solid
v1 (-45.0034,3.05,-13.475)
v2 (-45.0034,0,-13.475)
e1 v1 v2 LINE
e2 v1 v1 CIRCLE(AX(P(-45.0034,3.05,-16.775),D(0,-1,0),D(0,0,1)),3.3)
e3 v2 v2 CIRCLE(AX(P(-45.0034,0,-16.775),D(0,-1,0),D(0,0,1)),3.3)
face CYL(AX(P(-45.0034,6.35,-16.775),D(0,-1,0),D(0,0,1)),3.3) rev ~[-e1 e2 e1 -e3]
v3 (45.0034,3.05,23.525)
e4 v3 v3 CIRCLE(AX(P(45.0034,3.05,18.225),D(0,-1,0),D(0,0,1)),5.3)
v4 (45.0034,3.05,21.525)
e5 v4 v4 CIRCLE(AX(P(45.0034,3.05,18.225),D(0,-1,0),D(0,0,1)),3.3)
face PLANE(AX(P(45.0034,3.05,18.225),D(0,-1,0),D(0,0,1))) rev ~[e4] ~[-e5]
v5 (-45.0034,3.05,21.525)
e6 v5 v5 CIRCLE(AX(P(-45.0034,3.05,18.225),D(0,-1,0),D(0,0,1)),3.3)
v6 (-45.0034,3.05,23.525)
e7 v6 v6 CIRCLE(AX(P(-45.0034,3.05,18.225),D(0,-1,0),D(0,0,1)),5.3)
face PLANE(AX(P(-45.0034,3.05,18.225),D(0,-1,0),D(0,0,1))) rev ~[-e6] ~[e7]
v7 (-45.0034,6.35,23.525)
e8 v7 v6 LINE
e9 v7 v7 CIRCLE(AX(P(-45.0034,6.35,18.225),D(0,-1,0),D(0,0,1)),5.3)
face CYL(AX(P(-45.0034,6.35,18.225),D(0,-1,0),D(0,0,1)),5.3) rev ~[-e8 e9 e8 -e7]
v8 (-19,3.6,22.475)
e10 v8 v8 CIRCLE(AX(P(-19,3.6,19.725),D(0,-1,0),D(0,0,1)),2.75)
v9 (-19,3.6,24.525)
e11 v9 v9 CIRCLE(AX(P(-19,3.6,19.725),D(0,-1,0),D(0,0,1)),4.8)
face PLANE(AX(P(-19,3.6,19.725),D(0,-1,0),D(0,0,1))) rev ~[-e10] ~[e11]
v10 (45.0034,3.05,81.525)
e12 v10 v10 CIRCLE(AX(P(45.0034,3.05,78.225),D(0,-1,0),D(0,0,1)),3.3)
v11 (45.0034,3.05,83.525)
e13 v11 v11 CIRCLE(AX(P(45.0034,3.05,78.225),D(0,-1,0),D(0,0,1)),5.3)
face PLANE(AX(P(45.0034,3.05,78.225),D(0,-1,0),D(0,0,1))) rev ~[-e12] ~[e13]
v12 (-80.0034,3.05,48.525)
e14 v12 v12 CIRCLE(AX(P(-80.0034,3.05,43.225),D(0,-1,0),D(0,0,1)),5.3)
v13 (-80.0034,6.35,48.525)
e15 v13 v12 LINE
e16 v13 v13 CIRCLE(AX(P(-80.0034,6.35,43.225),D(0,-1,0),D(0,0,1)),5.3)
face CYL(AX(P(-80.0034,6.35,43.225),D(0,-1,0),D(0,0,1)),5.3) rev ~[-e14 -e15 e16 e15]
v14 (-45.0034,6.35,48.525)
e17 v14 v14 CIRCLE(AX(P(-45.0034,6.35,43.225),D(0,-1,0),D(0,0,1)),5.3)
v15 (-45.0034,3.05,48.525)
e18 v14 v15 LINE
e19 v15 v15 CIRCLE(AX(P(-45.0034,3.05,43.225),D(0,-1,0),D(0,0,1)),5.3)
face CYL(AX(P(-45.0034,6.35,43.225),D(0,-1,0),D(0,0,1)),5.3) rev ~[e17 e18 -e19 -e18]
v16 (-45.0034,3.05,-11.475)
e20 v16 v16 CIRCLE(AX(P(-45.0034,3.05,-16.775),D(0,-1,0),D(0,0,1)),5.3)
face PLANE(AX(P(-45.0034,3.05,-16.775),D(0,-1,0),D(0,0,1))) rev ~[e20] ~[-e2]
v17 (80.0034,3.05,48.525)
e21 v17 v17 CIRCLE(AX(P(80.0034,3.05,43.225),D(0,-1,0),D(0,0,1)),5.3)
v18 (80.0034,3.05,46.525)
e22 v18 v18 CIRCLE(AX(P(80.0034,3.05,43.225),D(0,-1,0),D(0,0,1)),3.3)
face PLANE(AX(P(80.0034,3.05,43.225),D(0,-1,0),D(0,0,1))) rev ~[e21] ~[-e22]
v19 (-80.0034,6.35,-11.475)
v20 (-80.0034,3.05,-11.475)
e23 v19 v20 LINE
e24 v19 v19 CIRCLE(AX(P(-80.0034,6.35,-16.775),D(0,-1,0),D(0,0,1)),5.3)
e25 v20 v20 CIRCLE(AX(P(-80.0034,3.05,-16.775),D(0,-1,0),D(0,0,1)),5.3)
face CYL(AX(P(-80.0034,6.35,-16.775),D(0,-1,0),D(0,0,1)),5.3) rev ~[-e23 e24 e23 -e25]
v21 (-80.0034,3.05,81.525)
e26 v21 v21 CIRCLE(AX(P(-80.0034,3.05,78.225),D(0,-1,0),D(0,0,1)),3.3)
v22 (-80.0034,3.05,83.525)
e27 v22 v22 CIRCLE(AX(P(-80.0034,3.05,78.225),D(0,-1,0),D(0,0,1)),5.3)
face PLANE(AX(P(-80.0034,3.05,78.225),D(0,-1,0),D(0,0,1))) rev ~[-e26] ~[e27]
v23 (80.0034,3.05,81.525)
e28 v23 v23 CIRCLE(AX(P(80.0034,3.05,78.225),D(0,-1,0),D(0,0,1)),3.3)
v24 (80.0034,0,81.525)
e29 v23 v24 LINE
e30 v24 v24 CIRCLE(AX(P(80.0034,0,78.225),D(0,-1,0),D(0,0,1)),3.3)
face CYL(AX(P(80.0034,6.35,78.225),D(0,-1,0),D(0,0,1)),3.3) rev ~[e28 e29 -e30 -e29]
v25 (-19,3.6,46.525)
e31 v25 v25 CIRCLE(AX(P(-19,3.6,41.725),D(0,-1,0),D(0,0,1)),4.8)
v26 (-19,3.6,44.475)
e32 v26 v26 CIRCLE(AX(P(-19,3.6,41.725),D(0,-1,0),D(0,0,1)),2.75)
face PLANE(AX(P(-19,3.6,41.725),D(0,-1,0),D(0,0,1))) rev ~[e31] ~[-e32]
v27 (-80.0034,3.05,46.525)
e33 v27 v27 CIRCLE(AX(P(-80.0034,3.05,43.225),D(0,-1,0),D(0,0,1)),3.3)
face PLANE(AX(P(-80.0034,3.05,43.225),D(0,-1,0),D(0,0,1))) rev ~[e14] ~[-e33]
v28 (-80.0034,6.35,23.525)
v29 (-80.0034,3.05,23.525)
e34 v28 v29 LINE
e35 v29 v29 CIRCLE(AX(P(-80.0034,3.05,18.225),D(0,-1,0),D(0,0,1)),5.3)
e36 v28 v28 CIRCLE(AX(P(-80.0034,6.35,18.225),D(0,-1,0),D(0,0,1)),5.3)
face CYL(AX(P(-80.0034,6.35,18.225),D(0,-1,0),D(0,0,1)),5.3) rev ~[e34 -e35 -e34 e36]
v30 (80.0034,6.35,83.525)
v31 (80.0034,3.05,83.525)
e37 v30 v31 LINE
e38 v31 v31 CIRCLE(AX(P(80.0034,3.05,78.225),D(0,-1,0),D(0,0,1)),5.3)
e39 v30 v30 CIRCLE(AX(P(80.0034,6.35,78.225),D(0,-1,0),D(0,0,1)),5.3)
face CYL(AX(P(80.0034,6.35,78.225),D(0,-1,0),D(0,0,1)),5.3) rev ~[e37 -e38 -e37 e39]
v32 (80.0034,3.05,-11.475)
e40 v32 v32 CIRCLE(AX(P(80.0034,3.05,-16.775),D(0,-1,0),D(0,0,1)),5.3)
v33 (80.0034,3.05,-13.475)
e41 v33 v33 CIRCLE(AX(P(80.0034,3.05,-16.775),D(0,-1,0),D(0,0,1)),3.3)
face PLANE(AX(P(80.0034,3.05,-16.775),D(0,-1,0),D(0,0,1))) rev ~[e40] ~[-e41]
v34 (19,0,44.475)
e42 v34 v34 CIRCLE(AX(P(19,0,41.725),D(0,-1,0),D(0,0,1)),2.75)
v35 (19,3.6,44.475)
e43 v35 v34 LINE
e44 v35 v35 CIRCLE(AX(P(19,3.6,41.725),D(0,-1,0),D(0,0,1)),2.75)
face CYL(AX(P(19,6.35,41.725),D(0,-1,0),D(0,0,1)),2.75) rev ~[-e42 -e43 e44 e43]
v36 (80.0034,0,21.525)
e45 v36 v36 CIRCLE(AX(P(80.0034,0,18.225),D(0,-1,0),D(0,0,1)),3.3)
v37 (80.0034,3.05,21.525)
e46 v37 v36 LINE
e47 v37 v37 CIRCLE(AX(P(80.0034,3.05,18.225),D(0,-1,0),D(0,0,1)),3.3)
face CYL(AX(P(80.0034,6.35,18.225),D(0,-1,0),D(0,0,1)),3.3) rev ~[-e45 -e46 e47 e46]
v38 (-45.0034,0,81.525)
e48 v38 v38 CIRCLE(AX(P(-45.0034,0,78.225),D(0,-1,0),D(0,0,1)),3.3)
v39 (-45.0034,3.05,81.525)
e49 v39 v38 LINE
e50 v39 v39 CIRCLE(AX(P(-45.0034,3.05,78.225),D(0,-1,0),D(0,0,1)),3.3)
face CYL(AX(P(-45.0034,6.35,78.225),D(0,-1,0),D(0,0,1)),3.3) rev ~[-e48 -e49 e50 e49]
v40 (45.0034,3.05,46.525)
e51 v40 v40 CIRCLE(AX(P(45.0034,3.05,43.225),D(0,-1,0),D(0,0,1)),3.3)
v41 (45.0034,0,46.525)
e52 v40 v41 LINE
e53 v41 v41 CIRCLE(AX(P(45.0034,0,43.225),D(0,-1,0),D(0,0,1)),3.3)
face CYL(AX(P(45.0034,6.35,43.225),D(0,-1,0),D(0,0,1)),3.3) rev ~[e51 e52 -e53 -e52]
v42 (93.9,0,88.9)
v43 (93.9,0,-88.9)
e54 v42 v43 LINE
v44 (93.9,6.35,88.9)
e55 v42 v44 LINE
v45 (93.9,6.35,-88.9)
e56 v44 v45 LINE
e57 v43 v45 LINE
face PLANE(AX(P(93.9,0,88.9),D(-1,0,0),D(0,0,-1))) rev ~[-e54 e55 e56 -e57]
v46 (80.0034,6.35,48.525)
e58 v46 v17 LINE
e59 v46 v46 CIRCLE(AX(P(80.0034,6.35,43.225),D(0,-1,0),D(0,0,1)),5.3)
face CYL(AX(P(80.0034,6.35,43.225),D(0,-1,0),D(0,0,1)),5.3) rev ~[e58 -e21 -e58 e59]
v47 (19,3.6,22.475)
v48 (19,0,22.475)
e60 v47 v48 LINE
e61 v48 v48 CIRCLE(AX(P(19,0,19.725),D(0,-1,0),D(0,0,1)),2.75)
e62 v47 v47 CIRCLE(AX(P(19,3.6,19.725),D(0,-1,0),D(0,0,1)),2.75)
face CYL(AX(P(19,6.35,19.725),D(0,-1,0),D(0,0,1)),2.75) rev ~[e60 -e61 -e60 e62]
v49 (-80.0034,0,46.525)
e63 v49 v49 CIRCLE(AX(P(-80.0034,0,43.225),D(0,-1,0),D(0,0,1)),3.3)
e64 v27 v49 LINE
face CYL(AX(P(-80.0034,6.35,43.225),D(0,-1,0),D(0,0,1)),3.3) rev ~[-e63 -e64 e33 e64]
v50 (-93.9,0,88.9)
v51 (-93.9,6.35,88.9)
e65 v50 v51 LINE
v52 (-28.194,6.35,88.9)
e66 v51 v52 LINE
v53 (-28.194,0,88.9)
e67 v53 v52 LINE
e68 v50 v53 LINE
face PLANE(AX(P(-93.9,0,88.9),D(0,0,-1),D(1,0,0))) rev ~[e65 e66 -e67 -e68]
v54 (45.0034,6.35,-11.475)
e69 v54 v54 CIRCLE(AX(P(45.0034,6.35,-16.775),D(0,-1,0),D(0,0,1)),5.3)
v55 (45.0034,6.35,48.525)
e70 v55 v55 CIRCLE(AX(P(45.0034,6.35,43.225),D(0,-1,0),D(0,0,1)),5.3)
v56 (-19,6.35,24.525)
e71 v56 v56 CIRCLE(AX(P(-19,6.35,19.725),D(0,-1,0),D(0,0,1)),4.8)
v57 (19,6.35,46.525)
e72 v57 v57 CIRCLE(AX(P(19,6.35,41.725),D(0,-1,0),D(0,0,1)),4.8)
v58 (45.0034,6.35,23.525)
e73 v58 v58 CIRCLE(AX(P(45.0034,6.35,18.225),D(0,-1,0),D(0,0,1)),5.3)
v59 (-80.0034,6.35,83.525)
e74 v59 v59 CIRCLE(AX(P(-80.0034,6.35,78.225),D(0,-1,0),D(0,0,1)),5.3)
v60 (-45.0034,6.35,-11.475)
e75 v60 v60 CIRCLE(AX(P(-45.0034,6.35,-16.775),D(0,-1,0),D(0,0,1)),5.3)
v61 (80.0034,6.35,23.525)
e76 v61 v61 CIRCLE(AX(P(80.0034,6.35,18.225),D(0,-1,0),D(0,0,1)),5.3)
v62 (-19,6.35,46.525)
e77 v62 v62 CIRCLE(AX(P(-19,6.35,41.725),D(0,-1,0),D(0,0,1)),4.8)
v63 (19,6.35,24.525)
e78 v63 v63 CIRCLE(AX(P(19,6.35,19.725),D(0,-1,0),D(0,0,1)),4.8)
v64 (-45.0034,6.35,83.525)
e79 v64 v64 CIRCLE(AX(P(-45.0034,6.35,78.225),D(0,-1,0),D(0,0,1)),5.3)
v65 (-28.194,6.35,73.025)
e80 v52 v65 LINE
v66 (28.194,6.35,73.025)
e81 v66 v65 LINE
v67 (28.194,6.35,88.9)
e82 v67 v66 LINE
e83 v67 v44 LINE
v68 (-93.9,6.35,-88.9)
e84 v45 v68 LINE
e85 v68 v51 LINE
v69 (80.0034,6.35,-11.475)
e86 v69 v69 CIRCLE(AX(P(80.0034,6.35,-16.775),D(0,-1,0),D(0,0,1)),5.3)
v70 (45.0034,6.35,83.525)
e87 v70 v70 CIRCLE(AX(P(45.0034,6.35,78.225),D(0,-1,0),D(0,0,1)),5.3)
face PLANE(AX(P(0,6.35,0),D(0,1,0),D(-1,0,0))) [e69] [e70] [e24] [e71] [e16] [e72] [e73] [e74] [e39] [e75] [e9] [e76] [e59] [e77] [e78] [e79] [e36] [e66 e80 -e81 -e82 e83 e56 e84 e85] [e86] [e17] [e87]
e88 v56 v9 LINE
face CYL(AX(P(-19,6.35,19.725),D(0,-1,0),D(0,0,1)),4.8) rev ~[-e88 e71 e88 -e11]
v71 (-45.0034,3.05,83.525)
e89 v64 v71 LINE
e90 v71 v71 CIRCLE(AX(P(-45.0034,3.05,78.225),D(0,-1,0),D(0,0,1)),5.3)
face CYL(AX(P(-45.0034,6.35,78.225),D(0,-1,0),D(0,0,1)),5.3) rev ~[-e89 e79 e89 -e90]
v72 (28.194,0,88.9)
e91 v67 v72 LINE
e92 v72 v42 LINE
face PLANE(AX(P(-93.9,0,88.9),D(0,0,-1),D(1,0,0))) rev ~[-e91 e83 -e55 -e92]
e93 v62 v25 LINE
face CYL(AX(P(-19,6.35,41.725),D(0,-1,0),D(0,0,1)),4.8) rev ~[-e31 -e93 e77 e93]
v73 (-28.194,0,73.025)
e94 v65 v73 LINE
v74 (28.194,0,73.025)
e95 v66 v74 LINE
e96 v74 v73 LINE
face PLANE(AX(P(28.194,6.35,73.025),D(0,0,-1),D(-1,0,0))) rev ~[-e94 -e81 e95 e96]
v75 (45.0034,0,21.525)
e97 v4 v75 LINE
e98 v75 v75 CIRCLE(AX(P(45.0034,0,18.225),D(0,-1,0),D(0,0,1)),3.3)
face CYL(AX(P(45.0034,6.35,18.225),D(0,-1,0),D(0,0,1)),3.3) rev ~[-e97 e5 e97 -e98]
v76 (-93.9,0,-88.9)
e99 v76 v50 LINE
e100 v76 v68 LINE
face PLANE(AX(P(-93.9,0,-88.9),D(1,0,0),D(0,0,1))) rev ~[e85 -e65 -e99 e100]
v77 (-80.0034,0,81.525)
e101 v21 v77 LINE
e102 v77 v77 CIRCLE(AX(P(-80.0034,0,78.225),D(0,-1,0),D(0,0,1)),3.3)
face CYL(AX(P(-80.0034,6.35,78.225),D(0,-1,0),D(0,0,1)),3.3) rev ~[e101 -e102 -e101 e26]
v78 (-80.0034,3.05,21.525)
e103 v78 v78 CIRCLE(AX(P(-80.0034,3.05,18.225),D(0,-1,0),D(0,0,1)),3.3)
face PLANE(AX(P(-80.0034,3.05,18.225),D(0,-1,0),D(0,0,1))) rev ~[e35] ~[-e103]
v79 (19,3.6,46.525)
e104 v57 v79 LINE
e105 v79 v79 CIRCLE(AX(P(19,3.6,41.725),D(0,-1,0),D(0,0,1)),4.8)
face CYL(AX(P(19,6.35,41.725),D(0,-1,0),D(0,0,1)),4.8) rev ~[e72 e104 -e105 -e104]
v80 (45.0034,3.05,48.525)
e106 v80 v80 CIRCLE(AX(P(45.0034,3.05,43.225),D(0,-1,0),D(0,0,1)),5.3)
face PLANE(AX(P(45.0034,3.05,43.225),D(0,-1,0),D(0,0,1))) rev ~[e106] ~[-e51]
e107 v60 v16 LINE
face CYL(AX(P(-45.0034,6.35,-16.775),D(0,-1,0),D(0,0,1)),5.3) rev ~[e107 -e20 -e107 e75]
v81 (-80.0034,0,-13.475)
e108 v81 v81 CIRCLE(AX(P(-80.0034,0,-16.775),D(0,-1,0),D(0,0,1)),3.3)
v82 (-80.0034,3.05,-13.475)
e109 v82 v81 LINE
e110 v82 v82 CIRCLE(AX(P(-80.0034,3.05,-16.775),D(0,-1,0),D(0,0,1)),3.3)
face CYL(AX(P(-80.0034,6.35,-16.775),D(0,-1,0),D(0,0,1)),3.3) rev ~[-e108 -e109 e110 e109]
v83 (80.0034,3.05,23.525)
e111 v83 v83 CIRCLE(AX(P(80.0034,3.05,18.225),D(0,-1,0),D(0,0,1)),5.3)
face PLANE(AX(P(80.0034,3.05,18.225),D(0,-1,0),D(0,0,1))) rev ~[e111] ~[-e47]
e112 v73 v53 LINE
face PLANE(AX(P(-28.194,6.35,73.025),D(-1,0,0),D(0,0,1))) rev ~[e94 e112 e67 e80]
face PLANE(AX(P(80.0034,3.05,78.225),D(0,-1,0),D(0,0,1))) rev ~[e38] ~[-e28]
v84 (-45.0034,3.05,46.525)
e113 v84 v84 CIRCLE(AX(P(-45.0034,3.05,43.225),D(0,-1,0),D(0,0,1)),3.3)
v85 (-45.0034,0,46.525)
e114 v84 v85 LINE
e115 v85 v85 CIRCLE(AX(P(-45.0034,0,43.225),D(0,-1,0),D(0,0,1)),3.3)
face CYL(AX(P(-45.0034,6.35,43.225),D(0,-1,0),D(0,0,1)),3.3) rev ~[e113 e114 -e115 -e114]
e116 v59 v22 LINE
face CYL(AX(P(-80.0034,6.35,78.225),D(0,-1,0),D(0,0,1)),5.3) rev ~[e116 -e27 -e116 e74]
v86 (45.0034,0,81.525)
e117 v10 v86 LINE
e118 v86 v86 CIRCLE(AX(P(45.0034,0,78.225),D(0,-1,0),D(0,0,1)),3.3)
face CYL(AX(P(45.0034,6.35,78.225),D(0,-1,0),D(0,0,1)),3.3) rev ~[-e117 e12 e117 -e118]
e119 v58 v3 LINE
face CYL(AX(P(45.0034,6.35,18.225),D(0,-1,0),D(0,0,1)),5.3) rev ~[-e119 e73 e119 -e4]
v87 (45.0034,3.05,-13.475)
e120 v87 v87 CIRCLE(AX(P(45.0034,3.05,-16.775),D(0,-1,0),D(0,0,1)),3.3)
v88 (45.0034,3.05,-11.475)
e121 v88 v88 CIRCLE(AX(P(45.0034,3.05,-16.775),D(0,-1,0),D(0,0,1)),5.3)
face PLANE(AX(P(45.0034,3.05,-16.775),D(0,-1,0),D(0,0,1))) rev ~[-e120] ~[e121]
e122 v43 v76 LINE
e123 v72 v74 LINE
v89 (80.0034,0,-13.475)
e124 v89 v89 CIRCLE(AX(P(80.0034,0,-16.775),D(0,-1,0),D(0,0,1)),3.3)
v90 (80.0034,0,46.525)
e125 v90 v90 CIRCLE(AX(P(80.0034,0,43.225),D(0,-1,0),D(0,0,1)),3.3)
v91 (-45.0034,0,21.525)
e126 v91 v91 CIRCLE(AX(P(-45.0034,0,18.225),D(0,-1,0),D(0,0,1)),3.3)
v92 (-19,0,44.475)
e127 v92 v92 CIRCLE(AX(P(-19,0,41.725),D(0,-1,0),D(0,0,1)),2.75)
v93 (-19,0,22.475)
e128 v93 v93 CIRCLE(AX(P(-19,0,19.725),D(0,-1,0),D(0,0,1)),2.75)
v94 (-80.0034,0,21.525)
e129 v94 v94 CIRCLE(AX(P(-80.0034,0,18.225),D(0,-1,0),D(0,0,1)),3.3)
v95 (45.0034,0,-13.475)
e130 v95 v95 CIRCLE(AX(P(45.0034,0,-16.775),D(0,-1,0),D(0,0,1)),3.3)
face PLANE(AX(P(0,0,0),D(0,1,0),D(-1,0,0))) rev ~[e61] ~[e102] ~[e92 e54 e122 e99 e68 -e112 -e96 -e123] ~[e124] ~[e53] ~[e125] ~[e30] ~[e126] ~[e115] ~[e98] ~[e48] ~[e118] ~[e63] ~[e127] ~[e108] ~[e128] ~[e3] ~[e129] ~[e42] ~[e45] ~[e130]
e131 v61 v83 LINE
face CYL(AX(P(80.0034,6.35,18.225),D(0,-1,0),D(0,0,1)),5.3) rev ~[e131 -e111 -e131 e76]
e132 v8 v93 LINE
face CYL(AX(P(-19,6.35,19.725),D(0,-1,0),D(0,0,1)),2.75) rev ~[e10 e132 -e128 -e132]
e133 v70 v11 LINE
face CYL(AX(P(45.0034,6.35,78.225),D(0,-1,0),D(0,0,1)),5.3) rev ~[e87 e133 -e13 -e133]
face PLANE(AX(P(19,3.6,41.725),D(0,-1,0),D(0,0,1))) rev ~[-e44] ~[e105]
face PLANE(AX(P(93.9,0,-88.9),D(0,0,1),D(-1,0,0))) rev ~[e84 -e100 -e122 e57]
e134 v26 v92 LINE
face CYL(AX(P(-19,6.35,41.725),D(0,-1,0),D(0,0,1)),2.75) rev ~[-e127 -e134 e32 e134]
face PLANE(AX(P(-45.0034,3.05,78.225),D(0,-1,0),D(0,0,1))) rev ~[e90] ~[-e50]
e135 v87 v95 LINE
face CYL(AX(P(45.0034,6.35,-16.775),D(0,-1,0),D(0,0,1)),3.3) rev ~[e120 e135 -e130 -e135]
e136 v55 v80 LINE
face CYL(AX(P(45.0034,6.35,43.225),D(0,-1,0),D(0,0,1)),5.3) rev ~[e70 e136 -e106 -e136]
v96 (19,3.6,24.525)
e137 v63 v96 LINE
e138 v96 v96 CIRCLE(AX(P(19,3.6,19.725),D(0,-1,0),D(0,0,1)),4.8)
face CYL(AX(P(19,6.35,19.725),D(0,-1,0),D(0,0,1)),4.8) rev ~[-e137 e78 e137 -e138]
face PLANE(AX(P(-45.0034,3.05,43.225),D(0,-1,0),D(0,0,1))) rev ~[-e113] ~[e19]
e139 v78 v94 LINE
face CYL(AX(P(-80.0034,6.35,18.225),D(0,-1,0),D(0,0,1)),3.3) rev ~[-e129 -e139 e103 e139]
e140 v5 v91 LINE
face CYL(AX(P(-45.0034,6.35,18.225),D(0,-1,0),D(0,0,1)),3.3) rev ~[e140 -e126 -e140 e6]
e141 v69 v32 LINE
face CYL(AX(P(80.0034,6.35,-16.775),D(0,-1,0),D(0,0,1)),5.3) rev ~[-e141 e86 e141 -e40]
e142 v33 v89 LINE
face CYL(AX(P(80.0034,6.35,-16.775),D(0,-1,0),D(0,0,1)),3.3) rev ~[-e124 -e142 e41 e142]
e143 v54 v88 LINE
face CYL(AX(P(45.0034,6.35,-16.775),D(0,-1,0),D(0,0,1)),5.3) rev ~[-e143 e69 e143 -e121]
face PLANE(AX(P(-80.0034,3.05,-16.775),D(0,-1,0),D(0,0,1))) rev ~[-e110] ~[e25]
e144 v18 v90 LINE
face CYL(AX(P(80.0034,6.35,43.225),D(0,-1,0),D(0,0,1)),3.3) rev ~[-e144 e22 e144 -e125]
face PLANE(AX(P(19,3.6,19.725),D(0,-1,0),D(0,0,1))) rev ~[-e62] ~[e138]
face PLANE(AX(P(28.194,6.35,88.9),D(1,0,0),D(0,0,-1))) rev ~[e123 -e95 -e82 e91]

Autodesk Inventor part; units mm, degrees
ref_plane "YZ Plane" through (0, 0, 0) normal (1, 0, 0) x (0, 1, 0)
ref_plane "XZ Plane" through (0, 0, 0) normal (0, 1, 0) x (-1, 0, 0)
ref_plane "XY Plane" through (0, 0, 0) normal (0, 0, 1) x (1, 0, 0)
sketch "Sketch1" plane through (0, 0, 0) normal (0, 1, 0) x (-1, 0, 0)
  line L0 (93.9, 88.9) -> (-93.9, 88.9)
  line L1 (-93.9, 88.9) -> (-93.9, -88.9)
  line L2 (-93.9, -88.9) -> (93.9, -88.9)
  line L3 (93.9, -88.9) -> (93.9, 88.9)
  line L4 (93.9, 88.9) -> (-93.9, -88.9) construction
  line L5 (-93.9, 88.9) -> (93.9, -88.9) construction
  point P0 (0, 0)
  dimension "d0" = 187.8
  dimension "d1" = 177.8
extrude "Extrusion1" add sketch "Sketch1" along normal blind 6.35
sketch "Sketch3" plane through (0, 6.35, 0) normal (0, 1, 0) x (1, 0, 0)
  line L0 (-93.9, 88.9) -> (-93.9, -88.9)
  line L1 (93.9, 88.9) -> (-93.9, 88.9)
  line L2 (-86.5034, 24.275) -> (-86.5034, -25.725) construction
  line L3 (-86.5034, -25.725) -> (-38.5034, -25.725) construction
  line L4 (-38.5034, -25.725) -> (-38.5034, 24.275) construction
  line L5 (-38.5034, 24.275) -> (-86.5034, 24.275) construction
  line L6 (38.5034, 24.275) -> (38.5034, -25.725) construction
  line L7 (38.5034, -25.725) -> (86.5034, -25.725) construction
  line L8 (86.5034, -25.725) -> (86.5034, 24.275) construction
  line L9 (86.5034, 24.275) -> (38.5034, 24.275) construction
  line L10 (-86.5034, -35.725) -> (-86.5034, -85.725) construction
  line L11 (-86.5034, -85.725) -> (-38.5034, -85.725) construction
  line L12 (-38.5034, -85.725) -> (-38.5034, -35.725) construction
  line L13 (-38.5034, -35.725) -> (-86.5034, -35.725) construction
  line L14 (38.5034, -35.725) -> (38.5034, -85.725) construction
  line L15 (38.5034, -85.725) -> (86.5034, -85.725) construction
  line L16 (86.5034, -85.725) -> (86.5034, -35.725) construction
  line L17 (86.5034, -35.725) -> (38.5034, -35.725) construction
  line L18 (-24, -13.225) -> (24, -13.225) construction
  line L19 (24, -13.225) -> (24, -48.225) construction
  line L20 (24, -48.225) -> (-24, -48.225) construction
  line L21 (-24, -48.225) -> (-24, -13.225) construction
  line L22 (93.9, -88.9) -> (93.9, 88.9) projected
  line L23 (-93.9, -88.9) -> (93.9, -88.9) projected
  point P0 (-133.35, 152.4)
  point P1 (-152.4, 133.35)
  point P2 (-152.4, -133.35)
  point P3 (133.35, 152.4)
  point P4 (0, -30.725)
  point P5 (-80.0034, 16.775)
  point P6 (-45.0034, 16.775)
  point P7 (-80.0034, -18.225)
  point P8 (-45.0034, -18.225)
  point P9 (45.0034, 16.775)
  point P10 (80.0034, 16.775)
  point P11 (45.0034, -18.225)
  point P12 (80.0034, -18.225)
  point P13 (-80.0034, -43.225)
  point P14 (-45.0034, -43.225)
  point P15 (-80.0034, -78.225)
  point P16 (-45.0034, -78.225)
  point P17 (45.0034, -43.225)
  point P18 (80.0034, -43.225)
  point P19 (45.0034, -78.225)
  point P20 (80.0034, -78.225)
  point P21 (0, -13.225)
  point P22 (62.5034, -30.725)
  point P23 (24, -30.725)
  point P24 (62.5034, 24.275)
  point P25 (-19, -19.725)
  point P26 (19, -19.725)
  point P27 (-19, -41.725)
  point P28 (19, -41.725)
  point P29 (-93.9, 88.9)
  dimension "d27" = 35
  dimension "d30" = 35
  dimension "d33" = 48
  dimension "d34" = 50
  dimension "d35" = 6.5
  dimension "d36" = 6.5
  dimension "d37" = 7.5
  dimension "d38" = 7.5
  dimension "d42" = 125.0068
  dimension "d45" = 60
  dimension "d50" = 48
  dimension "d51" = 35
  dimension "d52" = 5
  dimension "d53" = 6.5
  dimension "d56" = 38
  dimension "d59" = 22
  dimension "d78" = 14.5034
  dimension "d79" = 14.5034
  dimension "d80" = 10
  dimension "d81" = 5
  dimension "d82" = 173.0068
  dimension "d83" = 110
  dimension "d84" = 102.125
  dimension "d85" = 69.9
  dimension "d115" = 7.3966
  dimension "d116" = 7.3966
  dimension "d117" = 3.175
hole "Hole4" at (-80.0034, 6.35, 18.225) at (-80.0034, 6.35, -16.775) at (-80.0034, 6.35, 43.225) at (-80.0034, 6.35, 78.225) at (-45.0034, 6.35, 43.225) at (-45.0034, 6.35, 78.225) at (-45.0034, 6.35, 18.225) at (-45.0034, 6.35, -16.775) at (80.0034, 6.35, -16.775) at (80.0034, 6.35, 18.225) at (80.0034, 6.35, 43.225) at (80.0034, 6.35, 78.225) at (45.0034, 6.35, 78.225) at (45.0034, 6.35, 43.225) at (45.0034, 6.35, 18.225) at (45.0034, 6.35, -16.775) direction (0, -1, 0) diameter 6.6 end through all
hole "Hole5" at (-19, 6.35, 19.725) at (19, 6.35, 19.725) at (-19, 6.35, 41.725) at (19, 6.35, 41.725) direction (0, -1, 0) diameter 5.5 end through all
hole "Hole6" at (-80.0034, 6.35, -16.775) at (-45.0034, 6.35, -16.775) at (-45.0034, 6.35, 18.225) at (-80.0034, 6.35, 18.225) at (-80.0034, 6.35, 43.225) at (-45.0034, 6.35, 43.225) at (-45.0034, 6.35, 78.225) at (-80.0034, 6.35, 78.225) at (80.0034, 6.35, 78.225) at (80.0034, 6.35, 43.225) at (80.0034, 6.35, -16.775) at (80.0034, 6.35, 18.225) at (45.0034, 6.35, -16.775) at (45.0034, 6.35, 18.225) at (45.0034, 6.35, 78.225) at (45.0034, 6.35, 43.225) direction (0, -1, 0) diameter 10.6 depth 3.3
hole "Hole7" at (-19, 6.35, 19.725) at (19, 6.35, 19.725) at (19, 6.35, 41.725) at (-19, 6.35, 41.725) direction (0, -1, 0) diameter 9.6 depth 2.75
sketch "Sketch6" plane through (0, 6.35, 0) normal (0, 1, 0) x (1, 0, 0)
  line L0 (-93.9, -88.9) -> (93.9, -88.9) projected
  line L1 (-28.194, -104.775) -> (28.194, -104.775)
  line L2 (28.194, -104.775) -> (28.194, -73.025)
  line L3 (28.194, -73.025) -> (-28.194, -73.025)
  line L4 (-28.194, -73.025) -> (-28.194, -104.775)
  line L5 (-28.194, -104.775) -> (28.194, -73.025) construction
  line L6 (28.194, -104.775) -> (-28.194, -73.025) construction
  point P0 (0, 0)
  point P1 (0, -88.9)
  dimension "d118" = 56.388
  dimension "d119" = 31.75
extrude "Extrusion2" cut sketch "Sketch6" against normal blind 25.4
equation "\"d30\" = d27"
equation "\"d78\" = d79"
equation "\"d81\" = 0.5 * d80"
equation "\"d116\" = d115"
equation "\"d91\" = d59"
equation "\"d98\" = d59"
properties part number "mic6_plate"
